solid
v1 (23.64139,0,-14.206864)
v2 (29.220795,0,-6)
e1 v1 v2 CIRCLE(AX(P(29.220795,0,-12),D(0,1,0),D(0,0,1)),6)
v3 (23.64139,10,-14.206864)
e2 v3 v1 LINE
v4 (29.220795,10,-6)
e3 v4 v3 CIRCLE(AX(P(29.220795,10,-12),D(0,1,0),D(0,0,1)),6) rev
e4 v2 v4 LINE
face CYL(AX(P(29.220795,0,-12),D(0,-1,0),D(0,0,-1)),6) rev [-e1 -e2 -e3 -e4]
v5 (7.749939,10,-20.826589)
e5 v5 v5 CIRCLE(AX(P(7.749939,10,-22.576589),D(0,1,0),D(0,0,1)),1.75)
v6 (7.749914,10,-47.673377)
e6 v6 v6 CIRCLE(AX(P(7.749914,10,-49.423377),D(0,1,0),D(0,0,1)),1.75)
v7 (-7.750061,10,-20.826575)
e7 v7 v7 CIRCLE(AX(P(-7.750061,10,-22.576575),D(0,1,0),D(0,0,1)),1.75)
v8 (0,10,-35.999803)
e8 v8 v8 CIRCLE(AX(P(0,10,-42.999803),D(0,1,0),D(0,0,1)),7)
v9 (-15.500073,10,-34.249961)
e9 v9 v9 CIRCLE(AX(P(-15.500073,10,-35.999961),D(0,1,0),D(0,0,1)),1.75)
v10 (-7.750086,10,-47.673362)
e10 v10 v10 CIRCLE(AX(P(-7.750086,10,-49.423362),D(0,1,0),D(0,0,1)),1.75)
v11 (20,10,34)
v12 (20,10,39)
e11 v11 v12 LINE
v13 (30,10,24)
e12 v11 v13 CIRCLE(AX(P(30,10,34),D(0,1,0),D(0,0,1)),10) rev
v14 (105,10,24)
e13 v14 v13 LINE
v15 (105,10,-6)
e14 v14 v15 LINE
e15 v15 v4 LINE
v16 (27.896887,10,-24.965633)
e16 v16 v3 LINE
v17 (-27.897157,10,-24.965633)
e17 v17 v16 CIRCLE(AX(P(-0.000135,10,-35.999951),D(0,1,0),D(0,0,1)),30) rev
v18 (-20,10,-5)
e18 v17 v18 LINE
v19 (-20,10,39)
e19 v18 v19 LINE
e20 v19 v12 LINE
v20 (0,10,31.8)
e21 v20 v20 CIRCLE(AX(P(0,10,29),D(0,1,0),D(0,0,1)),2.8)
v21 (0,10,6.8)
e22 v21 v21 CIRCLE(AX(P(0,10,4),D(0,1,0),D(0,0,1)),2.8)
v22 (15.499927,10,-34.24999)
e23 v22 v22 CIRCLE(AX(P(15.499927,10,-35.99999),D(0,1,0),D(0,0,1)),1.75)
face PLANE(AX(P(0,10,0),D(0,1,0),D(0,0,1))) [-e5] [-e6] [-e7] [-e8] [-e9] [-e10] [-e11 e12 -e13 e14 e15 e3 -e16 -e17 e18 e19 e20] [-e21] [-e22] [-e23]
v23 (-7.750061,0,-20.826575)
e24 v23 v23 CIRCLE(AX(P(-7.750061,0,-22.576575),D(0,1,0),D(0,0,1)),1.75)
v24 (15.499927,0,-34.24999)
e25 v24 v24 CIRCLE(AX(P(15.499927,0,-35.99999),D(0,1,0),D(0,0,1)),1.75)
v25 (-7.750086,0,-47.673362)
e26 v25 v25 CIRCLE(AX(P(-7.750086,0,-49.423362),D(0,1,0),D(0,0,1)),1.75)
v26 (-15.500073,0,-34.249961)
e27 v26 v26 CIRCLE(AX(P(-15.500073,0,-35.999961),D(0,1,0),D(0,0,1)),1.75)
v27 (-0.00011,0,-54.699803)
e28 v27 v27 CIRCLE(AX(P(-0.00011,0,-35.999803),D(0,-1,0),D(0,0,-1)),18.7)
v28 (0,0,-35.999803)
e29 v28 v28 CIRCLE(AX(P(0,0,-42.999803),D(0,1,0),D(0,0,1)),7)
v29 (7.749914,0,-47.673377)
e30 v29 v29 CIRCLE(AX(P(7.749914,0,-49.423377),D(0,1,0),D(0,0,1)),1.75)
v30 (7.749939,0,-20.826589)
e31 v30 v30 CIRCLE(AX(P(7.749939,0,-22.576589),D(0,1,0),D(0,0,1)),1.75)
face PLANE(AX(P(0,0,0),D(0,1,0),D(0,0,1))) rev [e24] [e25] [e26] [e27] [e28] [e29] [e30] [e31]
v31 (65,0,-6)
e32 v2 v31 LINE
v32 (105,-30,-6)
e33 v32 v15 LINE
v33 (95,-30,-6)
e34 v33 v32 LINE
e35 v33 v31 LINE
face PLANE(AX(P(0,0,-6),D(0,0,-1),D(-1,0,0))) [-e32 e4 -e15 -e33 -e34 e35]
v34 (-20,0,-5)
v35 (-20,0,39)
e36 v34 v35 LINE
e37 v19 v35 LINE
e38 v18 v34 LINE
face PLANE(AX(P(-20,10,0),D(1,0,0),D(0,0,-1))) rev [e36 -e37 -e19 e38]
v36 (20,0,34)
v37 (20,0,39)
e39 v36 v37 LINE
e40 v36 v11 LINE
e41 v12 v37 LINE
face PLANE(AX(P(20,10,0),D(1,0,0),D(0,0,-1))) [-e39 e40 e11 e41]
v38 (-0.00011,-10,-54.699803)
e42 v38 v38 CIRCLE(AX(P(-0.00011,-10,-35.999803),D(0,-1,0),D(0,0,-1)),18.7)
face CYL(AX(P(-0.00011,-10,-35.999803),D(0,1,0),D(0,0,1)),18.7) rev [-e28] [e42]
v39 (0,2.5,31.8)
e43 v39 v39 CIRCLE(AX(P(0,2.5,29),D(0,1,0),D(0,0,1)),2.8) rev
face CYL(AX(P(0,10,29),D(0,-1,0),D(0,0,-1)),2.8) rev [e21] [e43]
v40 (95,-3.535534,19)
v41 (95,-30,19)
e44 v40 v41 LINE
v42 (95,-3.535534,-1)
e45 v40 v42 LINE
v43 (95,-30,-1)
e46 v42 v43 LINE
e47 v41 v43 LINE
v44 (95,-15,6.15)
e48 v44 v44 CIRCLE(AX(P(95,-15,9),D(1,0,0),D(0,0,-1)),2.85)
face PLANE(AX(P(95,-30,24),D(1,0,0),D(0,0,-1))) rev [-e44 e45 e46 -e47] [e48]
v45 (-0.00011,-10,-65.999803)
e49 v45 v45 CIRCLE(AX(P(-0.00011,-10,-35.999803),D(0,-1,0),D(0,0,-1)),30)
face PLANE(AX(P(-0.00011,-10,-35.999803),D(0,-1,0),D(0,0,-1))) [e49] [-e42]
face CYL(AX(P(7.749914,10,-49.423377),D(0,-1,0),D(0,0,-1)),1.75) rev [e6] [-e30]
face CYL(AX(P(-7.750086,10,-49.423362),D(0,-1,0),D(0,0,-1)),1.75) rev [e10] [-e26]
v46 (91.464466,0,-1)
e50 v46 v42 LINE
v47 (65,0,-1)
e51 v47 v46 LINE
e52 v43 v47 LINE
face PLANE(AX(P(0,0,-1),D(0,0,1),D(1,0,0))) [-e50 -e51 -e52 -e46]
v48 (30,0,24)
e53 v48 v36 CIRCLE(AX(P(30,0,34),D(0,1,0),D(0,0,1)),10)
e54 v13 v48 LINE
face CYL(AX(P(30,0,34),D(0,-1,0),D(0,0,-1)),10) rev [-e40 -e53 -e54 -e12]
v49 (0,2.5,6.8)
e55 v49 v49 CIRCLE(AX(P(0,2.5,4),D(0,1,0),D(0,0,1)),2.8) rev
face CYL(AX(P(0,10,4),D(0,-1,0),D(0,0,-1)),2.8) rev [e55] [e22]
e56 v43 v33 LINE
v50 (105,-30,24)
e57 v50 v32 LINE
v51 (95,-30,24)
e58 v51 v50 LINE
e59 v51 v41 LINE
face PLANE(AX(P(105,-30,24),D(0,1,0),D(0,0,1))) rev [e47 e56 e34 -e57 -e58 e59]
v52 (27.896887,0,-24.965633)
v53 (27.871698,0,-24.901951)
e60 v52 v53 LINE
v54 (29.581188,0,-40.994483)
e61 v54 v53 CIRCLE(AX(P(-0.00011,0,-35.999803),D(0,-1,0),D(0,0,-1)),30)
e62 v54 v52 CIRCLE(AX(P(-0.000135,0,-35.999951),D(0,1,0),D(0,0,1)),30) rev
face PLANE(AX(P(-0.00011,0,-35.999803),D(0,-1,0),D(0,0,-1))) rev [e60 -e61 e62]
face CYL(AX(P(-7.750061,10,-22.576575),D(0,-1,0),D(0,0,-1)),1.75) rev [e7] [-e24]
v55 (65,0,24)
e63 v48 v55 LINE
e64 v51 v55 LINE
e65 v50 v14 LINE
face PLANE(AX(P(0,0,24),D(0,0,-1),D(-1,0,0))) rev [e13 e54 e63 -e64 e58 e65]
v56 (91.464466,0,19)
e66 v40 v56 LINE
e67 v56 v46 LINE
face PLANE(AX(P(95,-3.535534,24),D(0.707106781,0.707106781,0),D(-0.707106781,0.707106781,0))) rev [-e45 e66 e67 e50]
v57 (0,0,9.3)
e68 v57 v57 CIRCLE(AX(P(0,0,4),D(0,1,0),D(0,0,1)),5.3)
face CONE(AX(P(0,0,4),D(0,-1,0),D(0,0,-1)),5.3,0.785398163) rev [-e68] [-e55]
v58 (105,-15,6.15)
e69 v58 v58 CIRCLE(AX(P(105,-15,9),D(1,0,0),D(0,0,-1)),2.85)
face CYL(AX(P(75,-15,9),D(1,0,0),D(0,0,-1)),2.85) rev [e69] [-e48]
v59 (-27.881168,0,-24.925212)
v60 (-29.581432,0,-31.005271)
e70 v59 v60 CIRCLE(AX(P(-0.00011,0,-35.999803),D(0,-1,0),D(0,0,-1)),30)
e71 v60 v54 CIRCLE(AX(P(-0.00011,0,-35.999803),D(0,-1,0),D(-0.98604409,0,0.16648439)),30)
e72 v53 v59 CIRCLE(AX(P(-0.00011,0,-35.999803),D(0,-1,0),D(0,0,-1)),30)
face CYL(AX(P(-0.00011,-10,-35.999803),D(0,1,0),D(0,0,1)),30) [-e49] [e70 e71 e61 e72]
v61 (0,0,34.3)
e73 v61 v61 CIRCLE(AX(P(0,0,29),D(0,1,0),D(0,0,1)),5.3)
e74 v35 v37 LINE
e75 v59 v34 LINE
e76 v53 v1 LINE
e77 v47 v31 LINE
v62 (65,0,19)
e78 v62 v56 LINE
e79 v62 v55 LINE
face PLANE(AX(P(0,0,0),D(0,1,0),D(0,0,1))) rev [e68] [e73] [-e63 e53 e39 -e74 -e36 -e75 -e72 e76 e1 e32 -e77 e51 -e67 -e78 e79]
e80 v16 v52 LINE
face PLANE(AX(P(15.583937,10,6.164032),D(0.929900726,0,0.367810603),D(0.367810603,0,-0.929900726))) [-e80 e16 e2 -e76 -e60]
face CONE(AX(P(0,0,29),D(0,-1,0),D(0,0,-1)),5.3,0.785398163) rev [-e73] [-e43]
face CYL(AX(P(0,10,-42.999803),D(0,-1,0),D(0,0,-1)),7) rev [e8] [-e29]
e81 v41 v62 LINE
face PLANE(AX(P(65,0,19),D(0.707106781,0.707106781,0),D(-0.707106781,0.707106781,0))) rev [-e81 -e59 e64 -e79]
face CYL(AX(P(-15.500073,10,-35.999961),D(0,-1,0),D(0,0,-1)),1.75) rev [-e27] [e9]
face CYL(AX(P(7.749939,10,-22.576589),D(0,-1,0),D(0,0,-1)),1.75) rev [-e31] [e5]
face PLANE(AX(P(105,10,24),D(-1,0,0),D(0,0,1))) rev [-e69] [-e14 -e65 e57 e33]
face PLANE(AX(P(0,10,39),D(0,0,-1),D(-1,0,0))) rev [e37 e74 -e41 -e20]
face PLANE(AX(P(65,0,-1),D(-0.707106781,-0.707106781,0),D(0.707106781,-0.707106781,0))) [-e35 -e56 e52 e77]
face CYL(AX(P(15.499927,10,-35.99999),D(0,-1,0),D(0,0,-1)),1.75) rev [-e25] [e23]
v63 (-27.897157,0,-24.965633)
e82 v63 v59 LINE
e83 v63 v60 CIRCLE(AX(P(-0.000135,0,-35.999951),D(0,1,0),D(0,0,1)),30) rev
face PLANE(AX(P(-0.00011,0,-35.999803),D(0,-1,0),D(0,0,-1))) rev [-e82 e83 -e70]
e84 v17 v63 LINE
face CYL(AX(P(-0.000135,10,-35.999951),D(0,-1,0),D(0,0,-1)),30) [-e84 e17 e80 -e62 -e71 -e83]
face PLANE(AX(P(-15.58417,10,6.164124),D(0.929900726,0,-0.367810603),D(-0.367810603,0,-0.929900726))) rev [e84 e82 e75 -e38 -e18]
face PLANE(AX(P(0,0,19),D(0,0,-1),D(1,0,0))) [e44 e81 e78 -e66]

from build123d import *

# Parameters (mm, degrees)
SKETCH1_R           = 2.8
SKETCH1_R_2         = 7
SKETCH1_R_3         = 1.75
BOSS_EXTRUDE1_DEPTH = 10
SKETCH2_R           = 30
SKETCH2_R_2         = 18.7
BOSS_EXTRUDE2_DEPTH = 10
BOSS_EXTRUDE3_DEPTH = 15
FILLET1_R           = 10
FILLET2_R           = 6
SKETCH4_R           = 2.85
CUT_EXTRUDE1_DEPTH  = 30
BOSS_EXTRUDE4_DEPTH = 5
CHAMFER1_SIZE       = 2.5
CHAMFER2_SIZE       = 2.5


with BuildPart() as part:
    # Sketch1 → Boss-Extrude1 (new body)
    with BuildSketch(Plane(origin=(0, 0, 0), x_dir=(1, 0, 0), z_dir=(0, 1, 0))):
        with BuildLine():
            Line((-20, -39), (20, -39))
            Line((20, -39), (20, 5.000681491))
            Line((20, 5.000681491), (27.896886999, 24.965633249))
            ThreePointArc((27.896886999, 24.965633249), (-0.000134778, 65.999951351), (-27.897156555, 24.965633249))
            Line((-27.897156555, 24.965633249), (-20, 5))
            Line((-20, 5), (-20, -39))
        make_face()
        with Locations(Location((0, -29, 0), (0, 0, 270))):
            Circle(SKETCH1_R, mode=Mode.SUBTRACT)
        with Locations(Location((0, 42.999802972, 0), (0, 0, 270))):
            Circle(SKETCH1_R_2, mode=Mode.SUBTRACT)
        with Locations(Location((15.499926834, 35.999990173, 0), (0, 0, 270))):
            Circle(SKETCH1_R_3, mode=Mode.SUBTRACT)
        with Locations(Location((7.74993935, 22.576589188, 0), (0, 0, 270))):
            Circle(SKETCH1_R_3, mode=Mode.SUBTRACT)
        with Locations(Location((-7.75006065, 22.576574736, 0), (0, 0, 270))):
            Circle(SKETCH1_R_3, mode=Mode.SUBTRACT)
        with Locations(Location((-15.500073166, 35.999961269, 0), (0, 0, 270))):
            Circle(SKETCH1_R_3, mode=Mode.SUBTRACT)
        with Locations(Location((-7.750085682, 49.423362253, 0), (0, 0, 270))):
            Circle(SKETCH1_R_3, mode=Mode.SUBTRACT)
        with Locations(Location((7.749914318, 49.423376705, 0), (0, 0, 270))):
            Circle(SKETCH1_R_3, mode=Mode.SUBTRACT)
        with Locations(Location((0, -4, 0), (0, 0, 270))):
            Circle(SKETCH1_R, mode=Mode.SUBTRACT)
    extrude(amount=BOSS_EXTRUDE1_DEPTH)

    # Sketch2 → Boss-Extrude2 (add)
    with BuildSketch(Plane.XZ):
        with Locations(Location((-0.000109725, -35.999802972, 0), (0, 0, 21.711201864))):
            Circle(SKETCH2_R)
        with Locations(Location((-0.000109725, -35.999802972, 0), (0, 0, 270))):
            Circle(SKETCH2_R_2, mode=Mode.SUBTRACT)
    extrude(amount=BOSS_EXTRUDE2_DEPTH)

    # Sketch3 → Boss-Extrude3 (add, symmetric)
    with BuildSketch(Plane.XY.offset(9)):
        Polygon((20, 10), (105, 10), (105, -30), (95, -30), (95, -3.535533906), (91.464466094, 0), (20, 0), align=None)
    extrude(amount=BOSS_EXTRUDE3_DEPTH, both=True)

    # Fillet1
    fillet1_edges = [part.edges().sort_by_distance(p)[0] for p in [
        (20, 5, 24),
    ]]
    fillet(fillet1_edges, radius=FILLET1_R)

    # Fillet2
    fillet2_edges = [part.edges().sort_by_distance(p)[0] for p in [
        (20.395267939, 5, -6),
    ]]
    fillet(fillet2_edges, radius=FILLET2_R)

    # Sketch4 → Cut-Extrude1 (cut)
    with BuildSketch(Plane(origin=(105, 0, 0), x_dir=(0, 0, -1), z_dir=(1, 0, 0))):
        with Locations((-9, -15)):
            Circle(SKETCH4_R)
    extrude(amount=-CUT_EXTRUDE1_DEPTH, mode=Mode.SUBTRACT)

    # Sketch5 → Boss-Extrude4 (add)
    with BuildSketch(Plane(origin=(0, 0, -6), x_dir=(-1, 0, 0), z_dir=(0, 0, -1))):
        Polygon((-95, -30), (-95, 0), (-65, 0), align=None)
    boss_extrude4 = extrude(amount=-BOSS_EXTRUDE4_DEPTH)

    # Mirror1: Boss-Extrude4 across plane
    add(boss_extrude4.mirror(Plane.XY.offset(9)))

    # Chamfer1
    chamfer1_edges = [part.edges().sort_by_distance(p)[0] for p in [
        (0, 0, 1.2),
    ]]
    chamfer(chamfer1_edges, length=CHAMFER1_SIZE)

    # Chamfer2
    chamfer2_edges = [part.edges().sort_by_distance(p)[0] for p in [
        (0, 0, 26.2),
    ]]
    chamfer(chamfer2_edges, length=CHAMFER2_SIZE)


solid = part.part
